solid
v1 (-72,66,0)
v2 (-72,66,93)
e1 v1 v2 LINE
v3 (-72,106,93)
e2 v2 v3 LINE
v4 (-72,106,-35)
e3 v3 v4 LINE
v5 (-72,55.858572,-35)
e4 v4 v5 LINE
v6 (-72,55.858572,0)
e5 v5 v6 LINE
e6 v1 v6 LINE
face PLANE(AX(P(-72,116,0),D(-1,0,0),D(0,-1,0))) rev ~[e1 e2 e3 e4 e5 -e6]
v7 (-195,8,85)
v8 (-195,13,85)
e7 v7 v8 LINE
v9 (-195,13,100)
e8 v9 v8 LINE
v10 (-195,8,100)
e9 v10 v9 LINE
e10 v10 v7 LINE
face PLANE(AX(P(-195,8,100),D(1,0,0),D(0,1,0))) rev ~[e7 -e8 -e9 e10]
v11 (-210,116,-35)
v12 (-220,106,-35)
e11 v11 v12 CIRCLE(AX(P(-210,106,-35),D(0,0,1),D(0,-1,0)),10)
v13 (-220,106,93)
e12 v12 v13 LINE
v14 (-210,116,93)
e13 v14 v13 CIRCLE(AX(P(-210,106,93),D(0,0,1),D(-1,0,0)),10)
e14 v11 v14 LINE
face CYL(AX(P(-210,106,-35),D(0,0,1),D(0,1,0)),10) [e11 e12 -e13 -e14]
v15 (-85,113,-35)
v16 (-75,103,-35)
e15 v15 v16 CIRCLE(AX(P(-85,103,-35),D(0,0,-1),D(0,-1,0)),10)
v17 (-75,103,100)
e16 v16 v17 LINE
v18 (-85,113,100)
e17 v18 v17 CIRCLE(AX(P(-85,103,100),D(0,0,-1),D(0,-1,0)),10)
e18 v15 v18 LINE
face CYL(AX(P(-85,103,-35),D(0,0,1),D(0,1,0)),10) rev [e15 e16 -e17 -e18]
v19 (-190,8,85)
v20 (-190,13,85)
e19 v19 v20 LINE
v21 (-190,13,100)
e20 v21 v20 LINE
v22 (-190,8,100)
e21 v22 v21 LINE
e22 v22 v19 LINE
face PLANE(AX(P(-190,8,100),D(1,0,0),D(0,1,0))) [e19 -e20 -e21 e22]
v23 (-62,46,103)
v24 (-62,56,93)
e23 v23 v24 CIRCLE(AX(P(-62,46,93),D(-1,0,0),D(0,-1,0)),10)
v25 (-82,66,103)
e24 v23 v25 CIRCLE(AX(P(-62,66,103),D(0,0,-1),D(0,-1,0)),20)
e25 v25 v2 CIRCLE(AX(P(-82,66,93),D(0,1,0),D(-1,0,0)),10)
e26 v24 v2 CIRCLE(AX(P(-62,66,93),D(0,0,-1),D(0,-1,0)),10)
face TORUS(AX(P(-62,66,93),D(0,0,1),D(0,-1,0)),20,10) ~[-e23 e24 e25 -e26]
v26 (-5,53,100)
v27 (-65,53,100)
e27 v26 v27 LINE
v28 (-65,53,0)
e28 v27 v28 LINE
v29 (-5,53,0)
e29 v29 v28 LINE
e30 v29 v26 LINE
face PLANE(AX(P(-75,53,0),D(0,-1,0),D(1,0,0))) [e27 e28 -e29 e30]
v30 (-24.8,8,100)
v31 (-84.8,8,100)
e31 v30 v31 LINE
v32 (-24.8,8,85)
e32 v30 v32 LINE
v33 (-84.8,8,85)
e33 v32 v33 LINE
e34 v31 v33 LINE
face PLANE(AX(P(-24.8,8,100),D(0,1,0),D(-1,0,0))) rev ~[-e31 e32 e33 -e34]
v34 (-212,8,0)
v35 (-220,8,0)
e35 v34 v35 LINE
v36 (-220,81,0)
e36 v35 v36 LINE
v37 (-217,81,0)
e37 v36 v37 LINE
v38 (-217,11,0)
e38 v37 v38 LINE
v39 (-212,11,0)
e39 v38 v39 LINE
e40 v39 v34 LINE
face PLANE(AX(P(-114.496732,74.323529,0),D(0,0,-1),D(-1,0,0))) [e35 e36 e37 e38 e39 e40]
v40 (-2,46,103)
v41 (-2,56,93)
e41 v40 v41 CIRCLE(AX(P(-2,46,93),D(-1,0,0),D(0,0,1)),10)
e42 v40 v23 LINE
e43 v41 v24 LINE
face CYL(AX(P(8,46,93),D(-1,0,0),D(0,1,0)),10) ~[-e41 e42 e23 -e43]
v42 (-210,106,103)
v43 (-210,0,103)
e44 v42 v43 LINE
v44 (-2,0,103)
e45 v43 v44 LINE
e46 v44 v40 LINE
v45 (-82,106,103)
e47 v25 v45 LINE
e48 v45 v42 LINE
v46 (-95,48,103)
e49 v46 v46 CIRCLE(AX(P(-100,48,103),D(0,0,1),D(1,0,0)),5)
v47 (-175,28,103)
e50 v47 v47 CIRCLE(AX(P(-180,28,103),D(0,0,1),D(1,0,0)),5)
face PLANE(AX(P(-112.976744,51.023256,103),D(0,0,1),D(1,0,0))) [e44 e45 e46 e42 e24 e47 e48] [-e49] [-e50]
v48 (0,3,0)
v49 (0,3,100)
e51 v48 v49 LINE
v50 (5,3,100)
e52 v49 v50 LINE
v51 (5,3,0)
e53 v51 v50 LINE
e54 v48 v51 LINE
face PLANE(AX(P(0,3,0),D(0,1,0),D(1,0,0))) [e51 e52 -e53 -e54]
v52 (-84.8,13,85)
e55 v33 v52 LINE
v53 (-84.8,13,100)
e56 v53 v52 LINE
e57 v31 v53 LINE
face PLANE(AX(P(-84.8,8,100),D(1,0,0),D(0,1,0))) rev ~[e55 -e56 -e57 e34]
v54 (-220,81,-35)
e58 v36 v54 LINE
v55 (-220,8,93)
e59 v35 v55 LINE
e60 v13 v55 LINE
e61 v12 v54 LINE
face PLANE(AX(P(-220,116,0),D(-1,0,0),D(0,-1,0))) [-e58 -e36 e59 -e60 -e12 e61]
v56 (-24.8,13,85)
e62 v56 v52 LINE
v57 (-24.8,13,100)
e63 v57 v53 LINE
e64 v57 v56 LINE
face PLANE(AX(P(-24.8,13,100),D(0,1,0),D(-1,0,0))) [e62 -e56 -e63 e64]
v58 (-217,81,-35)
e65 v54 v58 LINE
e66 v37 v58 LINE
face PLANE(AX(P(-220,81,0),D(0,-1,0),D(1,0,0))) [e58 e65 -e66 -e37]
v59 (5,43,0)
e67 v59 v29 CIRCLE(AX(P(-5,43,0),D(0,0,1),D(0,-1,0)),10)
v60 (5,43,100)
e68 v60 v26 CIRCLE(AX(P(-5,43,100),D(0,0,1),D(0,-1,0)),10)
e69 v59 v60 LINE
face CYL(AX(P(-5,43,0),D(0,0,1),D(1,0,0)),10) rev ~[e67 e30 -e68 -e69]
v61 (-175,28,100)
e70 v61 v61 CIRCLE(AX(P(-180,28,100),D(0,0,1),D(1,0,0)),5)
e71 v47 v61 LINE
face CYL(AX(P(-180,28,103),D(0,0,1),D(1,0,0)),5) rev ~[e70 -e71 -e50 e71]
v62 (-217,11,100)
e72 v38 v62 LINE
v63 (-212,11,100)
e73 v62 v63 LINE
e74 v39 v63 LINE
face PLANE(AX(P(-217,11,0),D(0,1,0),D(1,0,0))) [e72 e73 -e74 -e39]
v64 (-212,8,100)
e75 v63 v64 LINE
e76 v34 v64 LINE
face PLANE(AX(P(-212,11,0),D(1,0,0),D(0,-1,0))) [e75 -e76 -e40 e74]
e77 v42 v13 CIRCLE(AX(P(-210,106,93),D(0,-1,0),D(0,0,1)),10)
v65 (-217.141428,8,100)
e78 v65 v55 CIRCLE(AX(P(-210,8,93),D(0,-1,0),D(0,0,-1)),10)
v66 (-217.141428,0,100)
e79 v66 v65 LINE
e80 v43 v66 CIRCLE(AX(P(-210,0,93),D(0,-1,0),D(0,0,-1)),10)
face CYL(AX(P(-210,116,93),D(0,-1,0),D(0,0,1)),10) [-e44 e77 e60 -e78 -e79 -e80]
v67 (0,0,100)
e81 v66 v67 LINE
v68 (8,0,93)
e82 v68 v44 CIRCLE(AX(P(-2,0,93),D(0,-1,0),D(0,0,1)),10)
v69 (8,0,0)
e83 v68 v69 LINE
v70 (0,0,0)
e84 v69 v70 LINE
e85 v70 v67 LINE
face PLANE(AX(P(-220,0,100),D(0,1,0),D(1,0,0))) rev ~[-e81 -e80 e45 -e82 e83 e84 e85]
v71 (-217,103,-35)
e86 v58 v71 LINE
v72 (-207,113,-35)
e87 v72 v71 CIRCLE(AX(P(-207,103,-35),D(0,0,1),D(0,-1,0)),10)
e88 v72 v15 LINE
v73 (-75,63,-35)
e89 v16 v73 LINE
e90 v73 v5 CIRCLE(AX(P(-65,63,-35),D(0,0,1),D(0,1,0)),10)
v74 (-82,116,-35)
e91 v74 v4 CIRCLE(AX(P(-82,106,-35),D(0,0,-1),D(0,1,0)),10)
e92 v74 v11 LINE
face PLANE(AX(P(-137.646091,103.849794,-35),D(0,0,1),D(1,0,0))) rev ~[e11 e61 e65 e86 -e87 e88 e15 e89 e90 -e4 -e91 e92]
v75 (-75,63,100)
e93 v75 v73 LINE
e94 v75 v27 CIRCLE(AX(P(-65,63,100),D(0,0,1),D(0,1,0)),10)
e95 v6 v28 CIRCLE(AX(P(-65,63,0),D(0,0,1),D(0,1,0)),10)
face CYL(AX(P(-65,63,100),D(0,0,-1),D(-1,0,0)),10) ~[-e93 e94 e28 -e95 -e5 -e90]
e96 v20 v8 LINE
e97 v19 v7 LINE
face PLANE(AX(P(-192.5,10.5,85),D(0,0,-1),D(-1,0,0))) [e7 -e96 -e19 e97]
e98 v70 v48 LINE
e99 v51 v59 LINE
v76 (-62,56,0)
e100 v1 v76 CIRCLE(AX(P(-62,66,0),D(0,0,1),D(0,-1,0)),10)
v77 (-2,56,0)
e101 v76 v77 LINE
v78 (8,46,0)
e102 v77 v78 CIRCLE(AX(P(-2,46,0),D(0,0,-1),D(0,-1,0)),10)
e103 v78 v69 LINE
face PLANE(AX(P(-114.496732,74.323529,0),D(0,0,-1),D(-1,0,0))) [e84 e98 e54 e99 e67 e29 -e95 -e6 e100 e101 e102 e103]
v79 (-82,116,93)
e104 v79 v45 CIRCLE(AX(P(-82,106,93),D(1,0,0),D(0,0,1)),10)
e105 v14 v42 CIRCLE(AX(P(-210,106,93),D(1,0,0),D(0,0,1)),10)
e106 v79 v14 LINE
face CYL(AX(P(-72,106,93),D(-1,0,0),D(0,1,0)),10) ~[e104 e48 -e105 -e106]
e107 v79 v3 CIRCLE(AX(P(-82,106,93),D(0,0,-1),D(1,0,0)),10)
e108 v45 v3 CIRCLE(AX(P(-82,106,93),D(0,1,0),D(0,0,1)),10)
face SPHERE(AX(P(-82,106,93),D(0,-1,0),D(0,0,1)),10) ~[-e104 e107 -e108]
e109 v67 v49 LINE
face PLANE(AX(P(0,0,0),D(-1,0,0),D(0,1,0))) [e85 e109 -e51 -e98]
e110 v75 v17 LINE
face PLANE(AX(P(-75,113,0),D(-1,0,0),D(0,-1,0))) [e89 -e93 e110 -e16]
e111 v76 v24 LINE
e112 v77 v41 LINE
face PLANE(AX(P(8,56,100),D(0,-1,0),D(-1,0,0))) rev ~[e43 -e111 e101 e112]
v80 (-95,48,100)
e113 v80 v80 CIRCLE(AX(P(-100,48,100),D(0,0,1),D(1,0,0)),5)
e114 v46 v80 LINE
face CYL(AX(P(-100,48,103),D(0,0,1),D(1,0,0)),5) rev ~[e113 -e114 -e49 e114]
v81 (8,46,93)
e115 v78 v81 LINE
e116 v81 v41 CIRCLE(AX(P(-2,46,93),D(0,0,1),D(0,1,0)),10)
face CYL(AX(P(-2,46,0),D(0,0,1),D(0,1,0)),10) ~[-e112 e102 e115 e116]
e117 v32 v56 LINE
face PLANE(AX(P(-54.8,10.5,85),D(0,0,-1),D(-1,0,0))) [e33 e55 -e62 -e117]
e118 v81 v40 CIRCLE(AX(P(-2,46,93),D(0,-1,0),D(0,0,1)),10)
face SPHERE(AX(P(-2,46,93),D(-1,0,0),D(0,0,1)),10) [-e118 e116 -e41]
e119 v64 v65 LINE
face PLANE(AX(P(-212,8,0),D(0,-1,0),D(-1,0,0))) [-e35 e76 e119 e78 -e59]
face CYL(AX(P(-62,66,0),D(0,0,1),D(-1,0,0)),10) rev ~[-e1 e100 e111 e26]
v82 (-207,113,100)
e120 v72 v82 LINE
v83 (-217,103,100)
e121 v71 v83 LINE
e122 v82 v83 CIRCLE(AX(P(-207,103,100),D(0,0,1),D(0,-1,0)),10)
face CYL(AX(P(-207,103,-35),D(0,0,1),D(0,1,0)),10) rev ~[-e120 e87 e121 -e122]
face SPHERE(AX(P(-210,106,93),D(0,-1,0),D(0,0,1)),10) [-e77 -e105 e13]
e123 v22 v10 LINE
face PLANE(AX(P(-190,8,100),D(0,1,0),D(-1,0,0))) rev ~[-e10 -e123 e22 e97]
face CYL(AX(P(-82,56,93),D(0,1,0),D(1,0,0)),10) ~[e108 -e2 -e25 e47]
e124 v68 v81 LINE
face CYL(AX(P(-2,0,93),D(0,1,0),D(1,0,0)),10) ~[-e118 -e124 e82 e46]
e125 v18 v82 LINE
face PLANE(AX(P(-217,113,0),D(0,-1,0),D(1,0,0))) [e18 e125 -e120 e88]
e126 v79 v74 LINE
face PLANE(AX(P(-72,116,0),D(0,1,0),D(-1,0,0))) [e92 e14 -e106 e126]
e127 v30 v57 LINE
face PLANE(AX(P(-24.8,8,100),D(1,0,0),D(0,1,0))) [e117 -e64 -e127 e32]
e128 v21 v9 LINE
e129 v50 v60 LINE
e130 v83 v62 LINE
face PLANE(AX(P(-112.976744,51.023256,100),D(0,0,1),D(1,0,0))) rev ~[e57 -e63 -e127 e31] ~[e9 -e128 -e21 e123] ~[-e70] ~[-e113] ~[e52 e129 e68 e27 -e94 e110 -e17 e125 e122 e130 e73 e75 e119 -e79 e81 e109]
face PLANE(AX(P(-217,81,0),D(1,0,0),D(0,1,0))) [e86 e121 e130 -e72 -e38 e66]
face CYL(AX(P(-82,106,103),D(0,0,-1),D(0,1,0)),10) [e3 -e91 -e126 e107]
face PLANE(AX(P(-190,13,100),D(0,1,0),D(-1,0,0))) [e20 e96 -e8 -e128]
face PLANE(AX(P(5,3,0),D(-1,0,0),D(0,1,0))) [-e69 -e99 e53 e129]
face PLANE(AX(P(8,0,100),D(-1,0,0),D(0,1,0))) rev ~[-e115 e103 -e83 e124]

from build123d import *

# Parameters (mm, degrees)
BOSS_EXTRUDE1_DEPTH = 100
BOSS_EXTRUDE2_DEPTH = 3
SKETCH3_R           = 5
CUT_EXTRUDE1_DEPTH  = 3
SKETCH4_W           = 5
SKETCH4_H           = 5
SKETCH4_W_2         = 60
BOSS_EXTRUDE3_DEPTH = 15
BOSS_EXTRUDE4_DEPTH = 35
FILLET2_R           = 10


with BuildPart() as part:
    # Sketch1 → Boss-Extrude1 (new body)
    with BuildSketch(Plane.XY):
        Polygon((-212, 8), (-220, 8), (-220, 116), (-72, 116), (-72, 56), (8, 56), (8, 0), (0, 0), (0, 3), (5, 3), (5, 53), (-75, 53), (-75, 113), (-217, 113), (-217, 11), (-212, 11), align=None)
    extrude(amount=BOSS_EXTRUDE1_DEPTH)

    # Sketch2 → Boss-Extrude2 (add)
    with BuildSketch(Plane.XY.offset(100)):
        Polygon((0, 0), (8, 0), (8, 56), (-72, 56), (-72, 116), (-220, 116), (-220, 8), (-220, 0), align=None)
    extrude(amount=BOSS_EXTRUDE2_DEPTH)

    # Sketch3 → Cut-Extrude1 (cut)
    with BuildSketch(Plane.XY.offset(103)):
        with Locations((-180, 28)):
            Circle(SKETCH3_R)
        with Locations((-100, 48)):
            Circle(SKETCH3_R)
    extrude(amount=-CUT_EXTRUDE1_DEPTH, mode=Mode.SUBTRACT)

    # Sketch4 → Boss-Extrude3 (add)
    with BuildSketch(Plane(origin=(0, 0, 100), x_dir=(-1, 0, 0), z_dir=(0, 0, -1))):
        with Locations((192.5, 10.5)):
            Rectangle(SKETCH4_W, SKETCH4_H)
        with Locations((54.8, 10.5)):
            Rectangle(SKETCH4_W_2, SKETCH4_H)
    extrude(amount=BOSS_EXTRUDE3_DEPTH)

    # Sketch5 → Boss-Extrude4 (add)
    with BuildSketch(Plane(origin=(0, 0, 0), x_dir=(-1, 0, 0), z_dir=(0, 0, -1))):
        Polygon((72, 116), (220, 116), (220, 81), (217, 81), (217, 113), (75, 113), (75, 53), (72, 53), (72, 56), align=None)
    extrude(amount=BOSS_EXTRUDE4_DEPTH)

    # Fillet2
    fillet2_edges = [part.edges().sort_by_distance(p)[0] for p in [
        (-32, 56, 103),
        (-220, 58, 103),
        (8, 28, 103),
        (-72, 86, 103),
        (-146, 116, 103),
        (-220, 116, 34),
        (-217, 113, 32.5),
        (5, 53, 50),
        (8, 56, 51.5),
        (-75, 53, 32.5),
        (-75, 113, 32.5),
        (-72, 56, 51.5),
        (-72, 116, 34),
    ]]
    fillet(fillet2_edges, radius=FILLET2_R)


solid = part.part
